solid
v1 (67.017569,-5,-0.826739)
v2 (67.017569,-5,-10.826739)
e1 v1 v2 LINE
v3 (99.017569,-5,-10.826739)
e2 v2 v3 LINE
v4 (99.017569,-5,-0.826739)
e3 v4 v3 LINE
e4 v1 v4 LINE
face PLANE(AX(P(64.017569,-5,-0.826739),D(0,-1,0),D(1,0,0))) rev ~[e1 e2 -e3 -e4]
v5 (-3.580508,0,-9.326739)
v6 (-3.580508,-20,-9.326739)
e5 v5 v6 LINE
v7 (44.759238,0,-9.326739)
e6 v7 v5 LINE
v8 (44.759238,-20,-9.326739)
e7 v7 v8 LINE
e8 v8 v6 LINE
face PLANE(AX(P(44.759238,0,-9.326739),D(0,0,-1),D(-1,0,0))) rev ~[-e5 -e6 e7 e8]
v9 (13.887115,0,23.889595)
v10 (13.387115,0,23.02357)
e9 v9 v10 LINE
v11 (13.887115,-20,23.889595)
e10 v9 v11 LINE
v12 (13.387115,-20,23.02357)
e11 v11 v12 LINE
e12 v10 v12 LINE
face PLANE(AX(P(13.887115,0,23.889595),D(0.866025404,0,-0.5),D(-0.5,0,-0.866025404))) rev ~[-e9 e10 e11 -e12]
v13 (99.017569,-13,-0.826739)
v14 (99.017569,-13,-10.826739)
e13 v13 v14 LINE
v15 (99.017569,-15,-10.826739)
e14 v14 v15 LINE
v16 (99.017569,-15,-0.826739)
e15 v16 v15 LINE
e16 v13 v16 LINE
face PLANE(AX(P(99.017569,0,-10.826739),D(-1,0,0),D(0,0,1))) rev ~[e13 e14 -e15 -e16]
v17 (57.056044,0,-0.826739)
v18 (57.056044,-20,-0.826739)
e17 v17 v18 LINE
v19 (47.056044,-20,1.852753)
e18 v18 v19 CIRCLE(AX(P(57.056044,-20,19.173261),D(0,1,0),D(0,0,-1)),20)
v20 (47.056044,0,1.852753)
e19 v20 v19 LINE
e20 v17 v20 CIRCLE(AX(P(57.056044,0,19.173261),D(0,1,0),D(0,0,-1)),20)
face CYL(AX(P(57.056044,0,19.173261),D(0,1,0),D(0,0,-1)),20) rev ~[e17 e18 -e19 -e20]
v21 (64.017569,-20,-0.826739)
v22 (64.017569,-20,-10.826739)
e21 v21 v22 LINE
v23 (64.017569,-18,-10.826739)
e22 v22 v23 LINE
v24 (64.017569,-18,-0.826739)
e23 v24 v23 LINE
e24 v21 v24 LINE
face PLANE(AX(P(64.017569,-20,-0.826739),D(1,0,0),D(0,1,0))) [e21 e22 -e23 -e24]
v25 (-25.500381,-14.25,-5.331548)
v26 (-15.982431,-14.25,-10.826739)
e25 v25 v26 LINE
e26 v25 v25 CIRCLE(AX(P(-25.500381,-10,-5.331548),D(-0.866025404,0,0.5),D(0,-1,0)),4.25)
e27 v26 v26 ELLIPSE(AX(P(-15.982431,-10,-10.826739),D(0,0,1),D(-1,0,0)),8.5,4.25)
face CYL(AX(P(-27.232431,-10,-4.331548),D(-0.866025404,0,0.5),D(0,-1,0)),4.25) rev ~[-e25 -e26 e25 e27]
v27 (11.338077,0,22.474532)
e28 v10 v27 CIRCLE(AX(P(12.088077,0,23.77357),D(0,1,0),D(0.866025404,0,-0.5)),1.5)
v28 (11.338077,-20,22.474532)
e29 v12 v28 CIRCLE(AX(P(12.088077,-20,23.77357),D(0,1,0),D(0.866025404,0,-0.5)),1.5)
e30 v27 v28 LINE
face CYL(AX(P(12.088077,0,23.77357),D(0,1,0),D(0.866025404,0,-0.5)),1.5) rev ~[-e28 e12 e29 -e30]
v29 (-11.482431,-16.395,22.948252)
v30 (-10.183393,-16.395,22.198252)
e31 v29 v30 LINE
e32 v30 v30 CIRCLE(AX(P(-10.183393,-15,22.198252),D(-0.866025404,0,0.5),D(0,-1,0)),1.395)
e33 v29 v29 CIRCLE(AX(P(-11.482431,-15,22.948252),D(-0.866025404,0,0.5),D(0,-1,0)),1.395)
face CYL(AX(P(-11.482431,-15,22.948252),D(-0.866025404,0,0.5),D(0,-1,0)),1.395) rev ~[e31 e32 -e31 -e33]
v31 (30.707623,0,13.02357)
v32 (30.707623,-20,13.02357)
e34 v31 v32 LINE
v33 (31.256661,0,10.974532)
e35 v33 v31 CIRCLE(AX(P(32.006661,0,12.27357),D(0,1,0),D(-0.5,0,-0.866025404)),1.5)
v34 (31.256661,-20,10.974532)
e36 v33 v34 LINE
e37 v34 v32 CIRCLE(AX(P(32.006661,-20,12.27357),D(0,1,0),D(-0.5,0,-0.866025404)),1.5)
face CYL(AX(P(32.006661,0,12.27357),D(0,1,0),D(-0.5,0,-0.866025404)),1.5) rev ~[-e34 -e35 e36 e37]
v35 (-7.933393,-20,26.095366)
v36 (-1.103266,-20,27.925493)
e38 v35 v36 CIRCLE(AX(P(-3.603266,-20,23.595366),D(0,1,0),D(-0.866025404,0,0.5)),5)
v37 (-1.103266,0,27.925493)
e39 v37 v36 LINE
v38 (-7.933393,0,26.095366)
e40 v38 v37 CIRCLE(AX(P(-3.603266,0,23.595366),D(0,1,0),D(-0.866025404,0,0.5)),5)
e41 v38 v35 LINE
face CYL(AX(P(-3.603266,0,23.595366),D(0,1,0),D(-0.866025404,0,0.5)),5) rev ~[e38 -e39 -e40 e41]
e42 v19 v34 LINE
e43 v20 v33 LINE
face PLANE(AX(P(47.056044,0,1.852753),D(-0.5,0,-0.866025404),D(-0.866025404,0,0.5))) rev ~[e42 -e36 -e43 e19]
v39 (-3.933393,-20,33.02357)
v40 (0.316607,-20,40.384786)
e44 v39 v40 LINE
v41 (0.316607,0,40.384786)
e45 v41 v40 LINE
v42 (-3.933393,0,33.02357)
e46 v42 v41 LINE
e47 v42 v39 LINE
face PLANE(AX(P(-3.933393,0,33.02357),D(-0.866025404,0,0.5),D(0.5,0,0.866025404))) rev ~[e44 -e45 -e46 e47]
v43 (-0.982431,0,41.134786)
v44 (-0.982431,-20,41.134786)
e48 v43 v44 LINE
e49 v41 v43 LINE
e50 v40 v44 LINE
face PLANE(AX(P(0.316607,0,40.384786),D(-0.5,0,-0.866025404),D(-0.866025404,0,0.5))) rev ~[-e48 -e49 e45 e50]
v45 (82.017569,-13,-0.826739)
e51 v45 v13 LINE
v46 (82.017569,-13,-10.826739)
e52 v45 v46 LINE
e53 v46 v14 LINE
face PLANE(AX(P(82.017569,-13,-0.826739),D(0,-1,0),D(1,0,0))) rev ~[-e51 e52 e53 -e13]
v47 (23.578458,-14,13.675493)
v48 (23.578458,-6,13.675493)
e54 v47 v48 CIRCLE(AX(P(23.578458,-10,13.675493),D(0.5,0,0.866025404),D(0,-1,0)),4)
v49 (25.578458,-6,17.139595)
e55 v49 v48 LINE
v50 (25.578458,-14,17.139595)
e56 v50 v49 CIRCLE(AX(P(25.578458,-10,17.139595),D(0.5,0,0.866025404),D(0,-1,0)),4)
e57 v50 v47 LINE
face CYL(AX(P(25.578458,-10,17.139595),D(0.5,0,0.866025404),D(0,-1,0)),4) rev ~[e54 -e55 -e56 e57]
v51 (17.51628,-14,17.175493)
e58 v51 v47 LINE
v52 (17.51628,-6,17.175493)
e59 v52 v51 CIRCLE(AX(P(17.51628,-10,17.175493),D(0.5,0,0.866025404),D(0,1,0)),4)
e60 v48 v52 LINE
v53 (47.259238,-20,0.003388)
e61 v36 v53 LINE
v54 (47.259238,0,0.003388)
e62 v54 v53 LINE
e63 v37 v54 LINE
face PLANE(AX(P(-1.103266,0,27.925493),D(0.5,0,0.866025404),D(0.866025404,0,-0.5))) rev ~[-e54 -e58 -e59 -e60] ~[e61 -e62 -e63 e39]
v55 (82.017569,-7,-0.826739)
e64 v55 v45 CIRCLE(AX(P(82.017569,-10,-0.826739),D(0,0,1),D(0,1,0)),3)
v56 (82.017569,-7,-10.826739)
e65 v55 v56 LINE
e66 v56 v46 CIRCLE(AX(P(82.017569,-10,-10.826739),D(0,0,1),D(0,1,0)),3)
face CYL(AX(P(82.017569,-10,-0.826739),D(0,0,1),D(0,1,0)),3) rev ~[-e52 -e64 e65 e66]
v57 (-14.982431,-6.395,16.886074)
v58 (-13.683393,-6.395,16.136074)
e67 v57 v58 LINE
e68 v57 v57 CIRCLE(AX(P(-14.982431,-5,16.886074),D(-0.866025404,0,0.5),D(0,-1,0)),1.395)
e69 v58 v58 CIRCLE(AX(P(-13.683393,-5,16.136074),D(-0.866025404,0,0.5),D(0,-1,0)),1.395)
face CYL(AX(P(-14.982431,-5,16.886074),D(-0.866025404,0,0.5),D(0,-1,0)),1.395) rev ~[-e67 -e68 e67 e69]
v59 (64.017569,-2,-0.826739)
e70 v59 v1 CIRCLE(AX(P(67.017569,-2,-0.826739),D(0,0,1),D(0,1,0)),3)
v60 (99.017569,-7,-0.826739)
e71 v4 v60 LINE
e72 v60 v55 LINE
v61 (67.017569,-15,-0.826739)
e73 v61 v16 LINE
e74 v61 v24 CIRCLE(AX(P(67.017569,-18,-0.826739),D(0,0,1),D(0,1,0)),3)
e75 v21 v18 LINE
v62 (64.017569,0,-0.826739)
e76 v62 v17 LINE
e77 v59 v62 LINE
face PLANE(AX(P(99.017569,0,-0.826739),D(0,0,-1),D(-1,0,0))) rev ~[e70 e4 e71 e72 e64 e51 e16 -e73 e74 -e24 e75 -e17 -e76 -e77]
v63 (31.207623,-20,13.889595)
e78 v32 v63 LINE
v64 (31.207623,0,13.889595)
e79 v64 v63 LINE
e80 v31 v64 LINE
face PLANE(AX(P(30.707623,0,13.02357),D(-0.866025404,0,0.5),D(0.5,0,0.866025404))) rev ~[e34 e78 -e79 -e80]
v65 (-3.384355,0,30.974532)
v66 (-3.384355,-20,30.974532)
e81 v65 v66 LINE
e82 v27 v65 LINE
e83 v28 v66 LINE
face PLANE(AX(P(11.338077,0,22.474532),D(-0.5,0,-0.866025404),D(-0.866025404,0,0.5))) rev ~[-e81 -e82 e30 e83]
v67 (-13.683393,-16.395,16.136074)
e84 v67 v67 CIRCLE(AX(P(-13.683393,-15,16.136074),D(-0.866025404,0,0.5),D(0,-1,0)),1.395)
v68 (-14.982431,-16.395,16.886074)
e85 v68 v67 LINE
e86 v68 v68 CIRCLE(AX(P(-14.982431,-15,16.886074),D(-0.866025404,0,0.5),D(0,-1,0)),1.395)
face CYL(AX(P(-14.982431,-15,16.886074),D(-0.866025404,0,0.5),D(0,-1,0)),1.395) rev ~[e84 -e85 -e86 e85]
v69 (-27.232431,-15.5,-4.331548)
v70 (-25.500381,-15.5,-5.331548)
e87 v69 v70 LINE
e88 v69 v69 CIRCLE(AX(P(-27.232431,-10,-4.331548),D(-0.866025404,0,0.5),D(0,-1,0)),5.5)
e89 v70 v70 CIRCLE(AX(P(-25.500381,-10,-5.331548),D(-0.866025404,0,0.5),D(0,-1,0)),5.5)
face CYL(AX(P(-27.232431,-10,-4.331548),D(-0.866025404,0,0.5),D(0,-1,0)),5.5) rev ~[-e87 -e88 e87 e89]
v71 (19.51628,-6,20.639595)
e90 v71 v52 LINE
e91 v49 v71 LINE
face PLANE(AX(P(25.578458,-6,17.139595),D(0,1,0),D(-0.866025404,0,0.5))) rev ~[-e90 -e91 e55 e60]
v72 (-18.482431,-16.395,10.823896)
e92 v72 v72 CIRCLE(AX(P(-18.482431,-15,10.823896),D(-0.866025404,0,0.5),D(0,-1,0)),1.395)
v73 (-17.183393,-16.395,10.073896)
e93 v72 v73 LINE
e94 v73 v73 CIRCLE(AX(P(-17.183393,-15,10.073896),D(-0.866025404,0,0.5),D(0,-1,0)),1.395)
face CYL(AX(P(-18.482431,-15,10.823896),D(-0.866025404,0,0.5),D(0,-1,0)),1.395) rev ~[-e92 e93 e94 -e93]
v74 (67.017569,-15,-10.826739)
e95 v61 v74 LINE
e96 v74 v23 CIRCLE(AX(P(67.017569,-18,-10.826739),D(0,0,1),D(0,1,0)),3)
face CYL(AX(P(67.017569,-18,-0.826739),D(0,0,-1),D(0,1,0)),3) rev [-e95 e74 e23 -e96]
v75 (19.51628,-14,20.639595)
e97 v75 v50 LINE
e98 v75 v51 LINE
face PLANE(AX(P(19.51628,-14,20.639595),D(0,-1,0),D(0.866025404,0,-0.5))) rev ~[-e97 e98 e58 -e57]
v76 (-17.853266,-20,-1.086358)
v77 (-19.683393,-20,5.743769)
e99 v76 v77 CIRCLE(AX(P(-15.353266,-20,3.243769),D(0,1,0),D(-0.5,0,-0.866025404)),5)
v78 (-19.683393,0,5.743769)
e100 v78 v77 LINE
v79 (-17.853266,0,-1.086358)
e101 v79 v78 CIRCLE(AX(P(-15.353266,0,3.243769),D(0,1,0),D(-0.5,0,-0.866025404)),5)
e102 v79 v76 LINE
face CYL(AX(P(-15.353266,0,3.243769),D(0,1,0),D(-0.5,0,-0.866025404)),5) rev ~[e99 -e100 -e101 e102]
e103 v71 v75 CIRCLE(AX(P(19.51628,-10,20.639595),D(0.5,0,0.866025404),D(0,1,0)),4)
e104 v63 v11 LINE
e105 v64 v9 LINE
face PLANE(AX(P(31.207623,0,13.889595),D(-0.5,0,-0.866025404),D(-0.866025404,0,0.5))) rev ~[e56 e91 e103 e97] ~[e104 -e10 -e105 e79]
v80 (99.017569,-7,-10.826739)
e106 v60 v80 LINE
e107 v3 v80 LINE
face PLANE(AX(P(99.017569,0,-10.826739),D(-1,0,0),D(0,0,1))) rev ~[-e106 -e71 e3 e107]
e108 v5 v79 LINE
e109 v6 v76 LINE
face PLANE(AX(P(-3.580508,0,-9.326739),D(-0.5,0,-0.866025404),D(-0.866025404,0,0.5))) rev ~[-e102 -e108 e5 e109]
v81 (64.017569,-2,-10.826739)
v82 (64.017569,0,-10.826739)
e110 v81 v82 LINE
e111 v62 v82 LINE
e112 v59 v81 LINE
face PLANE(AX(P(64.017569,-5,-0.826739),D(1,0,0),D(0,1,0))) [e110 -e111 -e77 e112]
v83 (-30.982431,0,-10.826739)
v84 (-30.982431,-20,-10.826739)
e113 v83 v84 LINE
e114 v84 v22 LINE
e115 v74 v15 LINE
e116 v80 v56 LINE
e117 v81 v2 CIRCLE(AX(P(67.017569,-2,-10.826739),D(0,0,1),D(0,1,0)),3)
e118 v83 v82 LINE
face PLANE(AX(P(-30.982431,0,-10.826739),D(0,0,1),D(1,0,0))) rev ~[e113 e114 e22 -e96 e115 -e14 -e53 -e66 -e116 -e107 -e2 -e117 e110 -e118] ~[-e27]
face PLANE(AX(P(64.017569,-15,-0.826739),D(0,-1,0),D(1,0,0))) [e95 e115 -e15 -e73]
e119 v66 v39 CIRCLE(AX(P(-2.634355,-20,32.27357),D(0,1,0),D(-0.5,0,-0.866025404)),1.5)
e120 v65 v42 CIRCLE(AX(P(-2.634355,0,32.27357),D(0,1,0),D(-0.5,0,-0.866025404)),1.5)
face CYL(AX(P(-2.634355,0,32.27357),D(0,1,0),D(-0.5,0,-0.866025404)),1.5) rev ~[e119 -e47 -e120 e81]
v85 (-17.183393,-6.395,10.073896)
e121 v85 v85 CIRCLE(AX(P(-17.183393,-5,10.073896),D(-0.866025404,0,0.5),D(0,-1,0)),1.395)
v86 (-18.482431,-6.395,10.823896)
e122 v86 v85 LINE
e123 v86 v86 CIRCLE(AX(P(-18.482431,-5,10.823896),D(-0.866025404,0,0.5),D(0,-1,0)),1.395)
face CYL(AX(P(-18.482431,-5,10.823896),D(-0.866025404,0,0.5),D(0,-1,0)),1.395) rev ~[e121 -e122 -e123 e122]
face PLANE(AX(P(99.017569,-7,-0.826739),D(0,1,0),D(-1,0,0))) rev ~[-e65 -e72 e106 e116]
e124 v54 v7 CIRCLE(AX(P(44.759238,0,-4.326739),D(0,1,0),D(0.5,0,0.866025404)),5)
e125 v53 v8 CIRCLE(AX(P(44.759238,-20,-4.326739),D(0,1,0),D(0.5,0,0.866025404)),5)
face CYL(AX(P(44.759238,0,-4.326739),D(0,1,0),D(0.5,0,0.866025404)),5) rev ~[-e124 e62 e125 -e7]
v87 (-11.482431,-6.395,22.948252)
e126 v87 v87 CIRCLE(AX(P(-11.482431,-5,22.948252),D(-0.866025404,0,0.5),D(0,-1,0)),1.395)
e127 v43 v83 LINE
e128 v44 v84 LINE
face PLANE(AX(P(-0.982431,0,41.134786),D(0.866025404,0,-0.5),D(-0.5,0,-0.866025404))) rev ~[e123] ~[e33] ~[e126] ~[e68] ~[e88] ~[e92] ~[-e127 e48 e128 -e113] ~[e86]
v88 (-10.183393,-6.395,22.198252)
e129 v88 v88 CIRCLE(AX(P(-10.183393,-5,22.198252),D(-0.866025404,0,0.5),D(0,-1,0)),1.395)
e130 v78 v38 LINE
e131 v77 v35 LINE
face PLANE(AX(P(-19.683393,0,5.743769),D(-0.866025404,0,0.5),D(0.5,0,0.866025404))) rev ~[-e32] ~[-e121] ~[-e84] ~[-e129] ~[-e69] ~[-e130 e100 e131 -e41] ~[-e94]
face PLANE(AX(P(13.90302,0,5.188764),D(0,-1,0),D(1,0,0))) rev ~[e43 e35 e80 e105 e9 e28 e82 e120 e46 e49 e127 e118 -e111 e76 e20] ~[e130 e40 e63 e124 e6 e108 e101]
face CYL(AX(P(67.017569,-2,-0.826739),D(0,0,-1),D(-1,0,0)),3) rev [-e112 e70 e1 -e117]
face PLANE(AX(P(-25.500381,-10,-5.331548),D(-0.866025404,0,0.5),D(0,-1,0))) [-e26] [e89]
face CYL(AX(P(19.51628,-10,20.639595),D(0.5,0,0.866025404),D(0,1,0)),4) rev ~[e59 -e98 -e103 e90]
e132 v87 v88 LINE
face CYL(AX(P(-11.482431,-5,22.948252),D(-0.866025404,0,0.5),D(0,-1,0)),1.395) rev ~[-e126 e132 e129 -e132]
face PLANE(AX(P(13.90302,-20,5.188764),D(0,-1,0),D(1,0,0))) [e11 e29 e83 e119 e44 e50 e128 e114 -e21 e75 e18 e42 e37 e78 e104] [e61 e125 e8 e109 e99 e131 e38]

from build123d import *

# Parameters (mm, degrees)
F0_W      = 35
F0_H      = 10
F1_DEPTH  = 20
F3_DEPTH  = 25
F4_W      = 35
F4_H      = 5
F6_DEPTH  = 10.001
F7_DEPTH  = 10.001
F8_DEPTH  = 10.001
F9_R      = 3
F5_R      = 1.395
F10_DEPTH = 25
F5_R_2    = 4.25
F11_DEPTH = 112.584302492
F5_R_3    = 5.5
F12_DEPTH = 2


with BuildPart() as f1:
    # F0 (on Front) → F1 (new body)
    with BuildSketch(Plane.XZ):
        with BuildLine():
            Line((-0.9824314987, 41.1347855624), (-30.9824314987, -10.8267386647))
            Line((-30.9824314987, -10.8267386647), (64.0175685013, -10.8267386647))
            Line((64.0175685013, -10.8267386647), (64.0175685013, -0.8267386647))
            Line((64.0175685013, -0.8267386647), (57.0560442742, -0.8267386647))
            ThreePointArc((57.0560442742, -0.8267386647), (51.8796633722, -0.1452551905), (47.0560442742, 1.8527532596))
            Line((47.0560442742, 1.8527532596), (31.256660864, 10.9745315245))
            ThreePointArc((31.256660864, 10.9745315245), (30.5577721246, 11.8853410626), (30.7076227583, 13.0235696302))
            Line((30.7076227583, 13.0235696302), (31.2076227583, 13.889595034))
            Line((31.2076227583, 13.889595034), (13.8871146826, 23.889595034))
            Line((13.8871146826, 23.889595034), (13.3871146826, 23.0235696302))
            ThreePointArc((13.3871146826, 23.0235696302), (12.4763051446, 22.3246808908), (11.338076577, 22.4745315245))
            Line((11.338076577, 22.4745315245), (-3.3843552874, 30.9745315245))
            ThreePointArc((-3.3843552874, 30.9745315245), (-4.0832440268, 31.8853410626), (-3.933393393, 33.0235696302))
            Line((-3.933393393, 33.0235696302), (0.316606607, 40.3847855624))
            Line((0.316606607, 40.3847855624), (-0.9824314987, 41.1347855624))
        make_face()
        with BuildLine():
            ThreePointArc((-17.8532663741, -1.0863576079), (-20.1828955056, 1.9496741855), (-19.683393393, 5.743769411))
            Line((-19.683393393, 5.743769411), (-7.933393393, 26.0953663999))
            ThreePointArc((-7.933393393, 26.0953663999), (-4.8973615996, 28.4249955314), (-1.1032663741, 27.9254934189))
            Line((-1.1032663741, 27.9254934189), (47.2592382521, 0.0033883542))
            ThreePointArc((47.2592382521, 0.0033883542), (49.5888673835, -5.6208338902), (44.7592382521, -9.3267386647))
            Line((44.7592382521, -9.3267386647), (-3.5805077101, -9.3267386647))
            Line((-3.5805077101, -9.3267386647), (-17.8532663741, -1.0863576079))
        make_face(mode=Mode.SUBTRACT)
        with Locations((81.5175685013, -5.8267386647)):
            Rectangle(F0_W, F0_H)
    extrude(amount=F1_DEPTH)

    # F2 (on face) → F3 (cut)
    with BuildSketch(Plane(origin=(13.8162767634, 0, 23.9304933257), x_dir=(0.8660254038, 0, -0.5), z_dir=(0.5, 0, 0.8660254038))):
        with BuildLine():
            Line((13.5817965834, -6), (6.5817965834, -6))
            ThreePointArc((6.5817965834, -6), (2.5817965834, -10), (6.5817965834, -14))
            Line((6.5817965834, -14), (13.5817965834, -14))
            ThreePointArc((13.5817965834, -14), (17.5817965834, -10), (13.5817965834, -6))
        make_face()
    extrude(amount=-F3_DEPTH, mode=Mode.SUBTRACT)

    # F4 (on face) → F6 (cut, through all)
    with BuildSketch(Plane.XY.offset(-0.8267386647)):
        with Locations((81.5175685013, -2.5)):
            Rectangle(F4_W, F4_H)
    extrude(amount=-F6_DEPTH, mode=Mode.SUBTRACT)

    # F4 (on face) → F7 (cut, through all)
    with BuildSketch(Plane.XY.offset(-0.8267386647)):
        with Locations((81.5175685013, -17.5)):
            Rectangle(F4_W, F4_H)
    extrude(amount=-F7_DEPTH, mode=Mode.SUBTRACT)

    # F4 (on face) → F8 (cut, through all)
    with BuildSketch(Plane.XY.offset(-0.8267386647)):
        with BuildLine():
            Line((99.0175685013, -13), (99.0175685013, -7))
            Line((99.0175685013, -7), (82.0175685013, -7))
            ThreePointArc((82.0175685013, -7), (79.0175685013, -10), (82.0175685013, -13))
            Line((82.0175685013, -13), (99.0175685013, -13))
        make_face()
    extrude(amount=-F8_DEPTH, mode=Mode.SUBTRACT)

    # F9
    f9_edges = [f1.edges().sort_by_distance(p)[0] for p in [
        (64.017569, -5, -5.826739),
        (64.017569, -15, -5.826739),
    ]]
    fillet(f9_edges, radius=F9_R)

    # F5 (on face) → F10 (cut)
    with BuildSketch(Plane(origin=(-18.5487082622, 0, 10.7091017083), x_dir=(0, -1, 0), z_dir=(-0.8660254038, 0, 0.5))):
        with Locations((15, 7.1325535269)):
            Circle(F5_R)
        with Locations((15, 14.1325535269)):
            Circle(F5_R)
        with Locations((5, 14.1325535269)):
            Circle(F5_R)
        with Locations((5, 7.1325535269)):
            Circle(F5_R)
        with Locations((5, 0.1325535269)):
            Circle(F5_R)
        with Locations((15, 0.1325535269)):
            Circle(F5_R)
    extrude(amount=-F10_DEPTH, mode=Mode.SUBTRACT)

    # F5 (on face) → F11 (cut, through all)
    with BuildSketch(Plane(origin=(-18.5487082622, 0, 10.7091017083), x_dir=(0, -1, 0), z_dir=(-0.8660254038, 0, 0.5))):
        with Locations((10, -17.3674464731)):
            Circle(F5_R_2)
    extrude(amount=-F11_DEPTH, mode=Mode.SUBTRACT)

    # F5 (on face) → F12 (cut)
    with BuildSketch(Plane(origin=(-18.5487082622, 0, 10.7091017083), x_dir=(0, -1, 0), z_dir=(-0.8660254038, 0, 0.5))):
        with Locations((10, -17.3674464731)):
            Circle(F5_R_3)
        with Locations((10, -17.3674464731)):
            Circle(F5_R_2, mode=Mode.SUBTRACT)
    extrude(amount=-F12_DEPTH, mode=Mode.SUBTRACT)


solid = f1.part
